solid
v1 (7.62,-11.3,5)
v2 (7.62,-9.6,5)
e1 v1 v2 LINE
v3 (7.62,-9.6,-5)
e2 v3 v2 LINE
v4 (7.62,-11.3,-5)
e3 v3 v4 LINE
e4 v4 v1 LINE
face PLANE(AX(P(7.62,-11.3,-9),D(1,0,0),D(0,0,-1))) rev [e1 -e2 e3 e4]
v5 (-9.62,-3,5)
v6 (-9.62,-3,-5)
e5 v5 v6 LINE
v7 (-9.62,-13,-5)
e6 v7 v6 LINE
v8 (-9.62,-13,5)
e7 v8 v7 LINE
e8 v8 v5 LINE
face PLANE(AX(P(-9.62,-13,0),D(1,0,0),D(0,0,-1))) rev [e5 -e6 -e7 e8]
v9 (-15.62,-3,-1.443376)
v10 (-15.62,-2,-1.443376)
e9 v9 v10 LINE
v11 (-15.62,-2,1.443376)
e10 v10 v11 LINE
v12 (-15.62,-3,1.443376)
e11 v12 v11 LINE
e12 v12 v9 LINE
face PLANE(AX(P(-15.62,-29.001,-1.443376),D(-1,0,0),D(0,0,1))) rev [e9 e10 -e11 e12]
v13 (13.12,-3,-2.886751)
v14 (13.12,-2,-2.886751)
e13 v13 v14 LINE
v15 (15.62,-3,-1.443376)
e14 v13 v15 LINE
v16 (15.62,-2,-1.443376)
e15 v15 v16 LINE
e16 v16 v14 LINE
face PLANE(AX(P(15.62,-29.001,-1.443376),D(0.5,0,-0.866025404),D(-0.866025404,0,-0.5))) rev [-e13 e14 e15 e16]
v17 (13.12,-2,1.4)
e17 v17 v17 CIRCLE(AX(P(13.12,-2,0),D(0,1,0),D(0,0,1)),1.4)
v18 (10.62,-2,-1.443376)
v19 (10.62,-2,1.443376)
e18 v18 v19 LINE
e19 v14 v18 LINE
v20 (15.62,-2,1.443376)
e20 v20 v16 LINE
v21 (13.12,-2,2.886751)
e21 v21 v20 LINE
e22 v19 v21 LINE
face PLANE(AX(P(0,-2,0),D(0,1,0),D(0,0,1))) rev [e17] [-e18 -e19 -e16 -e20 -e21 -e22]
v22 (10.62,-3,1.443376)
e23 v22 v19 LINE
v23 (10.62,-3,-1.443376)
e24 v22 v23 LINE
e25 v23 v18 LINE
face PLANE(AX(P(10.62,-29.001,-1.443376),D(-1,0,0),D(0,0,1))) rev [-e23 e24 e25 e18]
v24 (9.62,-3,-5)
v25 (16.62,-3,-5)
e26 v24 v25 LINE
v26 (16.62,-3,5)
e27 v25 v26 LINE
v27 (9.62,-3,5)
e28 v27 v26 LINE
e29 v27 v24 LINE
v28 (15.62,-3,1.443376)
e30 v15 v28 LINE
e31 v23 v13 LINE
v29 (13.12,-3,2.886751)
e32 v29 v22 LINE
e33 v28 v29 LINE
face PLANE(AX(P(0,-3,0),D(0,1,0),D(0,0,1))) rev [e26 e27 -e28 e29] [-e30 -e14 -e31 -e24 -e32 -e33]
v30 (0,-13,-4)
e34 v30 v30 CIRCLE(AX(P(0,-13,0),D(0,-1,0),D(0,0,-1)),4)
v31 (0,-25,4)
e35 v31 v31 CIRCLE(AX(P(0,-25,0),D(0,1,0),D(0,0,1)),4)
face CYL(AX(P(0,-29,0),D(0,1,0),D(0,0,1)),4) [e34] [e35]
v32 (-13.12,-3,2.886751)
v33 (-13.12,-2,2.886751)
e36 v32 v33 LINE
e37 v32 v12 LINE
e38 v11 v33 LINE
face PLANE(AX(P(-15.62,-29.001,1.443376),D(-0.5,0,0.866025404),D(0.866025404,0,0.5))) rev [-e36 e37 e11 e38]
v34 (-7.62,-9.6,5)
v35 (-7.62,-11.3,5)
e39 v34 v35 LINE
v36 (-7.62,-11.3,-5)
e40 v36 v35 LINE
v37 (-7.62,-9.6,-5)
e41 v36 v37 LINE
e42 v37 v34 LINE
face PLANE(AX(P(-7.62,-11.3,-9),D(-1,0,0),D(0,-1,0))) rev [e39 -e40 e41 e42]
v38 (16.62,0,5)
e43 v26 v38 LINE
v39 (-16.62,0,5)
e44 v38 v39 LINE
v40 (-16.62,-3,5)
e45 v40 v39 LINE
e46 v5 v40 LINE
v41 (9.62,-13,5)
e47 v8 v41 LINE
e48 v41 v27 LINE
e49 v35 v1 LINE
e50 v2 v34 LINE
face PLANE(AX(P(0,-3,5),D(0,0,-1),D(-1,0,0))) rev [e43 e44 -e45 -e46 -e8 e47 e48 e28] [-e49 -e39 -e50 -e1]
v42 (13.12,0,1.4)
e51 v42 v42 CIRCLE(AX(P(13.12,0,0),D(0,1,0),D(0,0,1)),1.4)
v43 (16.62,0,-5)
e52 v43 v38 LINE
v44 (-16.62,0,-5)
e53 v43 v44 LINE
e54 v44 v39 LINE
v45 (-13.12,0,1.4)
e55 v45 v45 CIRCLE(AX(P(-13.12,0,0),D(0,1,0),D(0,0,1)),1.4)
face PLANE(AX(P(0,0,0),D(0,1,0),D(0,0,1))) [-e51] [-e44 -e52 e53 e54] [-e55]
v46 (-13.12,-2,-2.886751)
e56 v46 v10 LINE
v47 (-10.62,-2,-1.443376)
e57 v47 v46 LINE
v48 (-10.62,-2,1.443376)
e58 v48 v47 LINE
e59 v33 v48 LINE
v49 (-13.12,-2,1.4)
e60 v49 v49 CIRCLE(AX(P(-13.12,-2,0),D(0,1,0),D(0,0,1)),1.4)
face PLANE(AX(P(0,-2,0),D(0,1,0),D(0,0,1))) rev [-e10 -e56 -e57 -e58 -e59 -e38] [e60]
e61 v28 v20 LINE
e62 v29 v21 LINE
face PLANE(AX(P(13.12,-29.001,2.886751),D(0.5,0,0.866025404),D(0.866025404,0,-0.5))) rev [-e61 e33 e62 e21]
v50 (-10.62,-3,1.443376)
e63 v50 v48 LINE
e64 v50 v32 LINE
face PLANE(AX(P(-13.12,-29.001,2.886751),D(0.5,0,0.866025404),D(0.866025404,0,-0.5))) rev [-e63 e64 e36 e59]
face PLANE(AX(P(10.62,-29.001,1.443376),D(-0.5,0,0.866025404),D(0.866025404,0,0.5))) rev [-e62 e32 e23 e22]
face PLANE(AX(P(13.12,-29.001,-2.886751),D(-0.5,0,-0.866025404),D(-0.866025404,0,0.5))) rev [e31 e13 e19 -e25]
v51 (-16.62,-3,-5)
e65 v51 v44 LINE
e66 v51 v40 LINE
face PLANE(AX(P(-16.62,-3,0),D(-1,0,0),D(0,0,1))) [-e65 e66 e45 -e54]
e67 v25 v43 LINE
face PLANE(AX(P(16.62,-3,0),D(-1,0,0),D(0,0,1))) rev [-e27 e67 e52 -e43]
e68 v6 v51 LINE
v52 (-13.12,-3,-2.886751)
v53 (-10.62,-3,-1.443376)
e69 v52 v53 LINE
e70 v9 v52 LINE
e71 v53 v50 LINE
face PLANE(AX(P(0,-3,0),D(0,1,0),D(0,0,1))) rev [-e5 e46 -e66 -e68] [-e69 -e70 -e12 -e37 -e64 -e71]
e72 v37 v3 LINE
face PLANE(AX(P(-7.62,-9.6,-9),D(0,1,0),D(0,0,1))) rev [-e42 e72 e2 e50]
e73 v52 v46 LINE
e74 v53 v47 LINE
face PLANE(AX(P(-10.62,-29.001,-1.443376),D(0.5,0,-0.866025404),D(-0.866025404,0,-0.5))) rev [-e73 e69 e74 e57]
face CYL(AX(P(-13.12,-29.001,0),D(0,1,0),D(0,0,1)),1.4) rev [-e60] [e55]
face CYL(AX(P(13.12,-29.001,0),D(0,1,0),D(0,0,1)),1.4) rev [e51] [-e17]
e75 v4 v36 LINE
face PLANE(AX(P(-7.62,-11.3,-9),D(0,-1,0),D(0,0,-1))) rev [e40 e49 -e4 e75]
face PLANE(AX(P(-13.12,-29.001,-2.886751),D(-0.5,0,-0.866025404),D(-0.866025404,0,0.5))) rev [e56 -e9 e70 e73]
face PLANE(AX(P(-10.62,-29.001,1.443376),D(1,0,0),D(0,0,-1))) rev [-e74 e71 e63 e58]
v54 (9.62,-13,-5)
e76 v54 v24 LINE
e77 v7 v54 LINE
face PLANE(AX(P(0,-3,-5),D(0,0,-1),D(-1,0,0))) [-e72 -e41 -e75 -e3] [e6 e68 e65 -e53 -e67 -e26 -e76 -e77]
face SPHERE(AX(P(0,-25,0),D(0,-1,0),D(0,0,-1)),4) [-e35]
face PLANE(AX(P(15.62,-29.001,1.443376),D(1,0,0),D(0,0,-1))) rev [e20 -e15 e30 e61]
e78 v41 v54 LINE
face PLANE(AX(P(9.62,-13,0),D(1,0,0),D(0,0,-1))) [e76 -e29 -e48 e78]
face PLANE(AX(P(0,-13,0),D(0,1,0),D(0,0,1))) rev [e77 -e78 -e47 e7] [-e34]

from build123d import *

# Parameters (mm, degrees)
SKETCH1_W             = 7
SKETCH1_H             = 10
BOSS_EXTRUDE1_DEPTH   = 3
BOSS_EXTRUDE1_2_DEPTH = 3
SKETCH1_4_W           = 19.24
SKETCH1_4_H           = 10
BOSS_EXTRUDE2_DEPTH   = 13
SKETCH2_W             = 15.24
SKETCH2_H             = 1.7
CUT_EXTRUDE1_DEPTH    = 14
SKETCH3_R             = 4
BOSS_EXTRUDE3_DEPTH   = 16
FILLET1_R             = 4
CUT_EXTRUDE2_REACH    = 35.797
SKETCH4_R             = 1.4
CUT_EXTRUDE3_REACH    = 37.797
CUT_EXTRUDE3_START    = -2
SKETCH4_3_R           = 1.4


with BuildPart() as part:
    # Sketch1 → Boss-Extrude1 (new body)
    with BuildSketch(Plane(origin=(0, 0, 0), x_dir=(1, 0, 0), z_dir=(0, 1, 0))):
        with Locations((-13.12, 0)):
            Rectangle(SKETCH1_W, SKETCH1_H)
    extrude(amount=-BOSS_EXTRUDE1_DEPTH)



with BuildPart() as body_2:
    # Sketch1 → Boss-Extrude1 2 (new body)
    with BuildSketch(Plane(origin=(0, 0, 0), x_dir=(1, 0, 0), z_dir=(0, 1, 0))):
        with Locations((13.12, 0)):
            Rectangle(SKETCH1_W, SKETCH1_H)
    extrude(amount=-BOSS_EXTRUDE1_2_DEPTH)


with BuildPart() as part_1:
    add(part.part)

    add(body_2.part)  # Boss-Extrude2 merges body 2
    # Sketch1<4> → Boss-Extrude2 (add)
    with BuildSketch(Plane(origin=(0, 0, 0), x_dir=(1, 0, 0), z_dir=(0, 1, 0))):
        Rectangle(SKETCH1_4_W, SKETCH1_4_H)
    extrude(amount=-BOSS_EXTRUDE2_DEPTH)

    # Sketch2 → Cut-Extrude1 (cut)
    with BuildSketch(Plane.XY.offset(5)):
        with Locations((0, -10.45)):
            Rectangle(SKETCH2_W, SKETCH2_H)
    extrude(amount=-CUT_EXTRUDE1_DEPTH, mode=Mode.SUBTRACT)

    # Sketch3 → Boss-Extrude3 (add)
    with BuildSketch(Plane.XZ.offset(13)):
        Circle(SKETCH3_R)
    extrude(amount=BOSS_EXTRUDE3_DEPTH)

    # Fillet1
    fillet1_edges = [part_1.edges().sort_by_distance(p)[0] for p in [
        (-4, -29, 0),
    ]]
    fillet(fillet1_edges, radius=FILLET1_R)

    # Sketch4 → Cut-Extrude2 (cut, up to next)
    with BuildSketch(Plane(origin=(0, 0, 0), x_dir=(1, 0, 0), z_dir=(0, 1, 0)), mode=Mode.PRIVATE) as cut_extrude2_sk1:
        with Locations((-13.12, 0)):
            Circle(SKETCH4_R)
    cut_extrude2_tool1 = extrude(cut_extrude2_sk1.sketch, amount=-CUT_EXTRUDE2_REACH, mode=Mode.PRIVATE) & part_1.part
    # Sketch4 → Cut-Extrude2 (cut, up to next)
    with BuildSketch(Plane(origin=(0, 0, 0), x_dir=(1, 0, 0), z_dir=(0, 1, 0)), mode=Mode.PRIVATE) as cut_extrude2_sk2:
        with Locations((13.12, 0)):
            Circle(SKETCH4_R)
    cut_extrude2_tool2 = extrude(cut_extrude2_sk2.sketch, amount=-CUT_EXTRUDE2_REACH, mode=Mode.PRIVATE) & part_1.part
    add(cut_extrude2_tool1.solids().sort_by_distance((-13.12, 0, 0))[0], mode=Mode.SUBTRACT)
    add(cut_extrude2_tool2.solids().sort_by_distance((13.12, 0, 0))[0], mode=Mode.SUBTRACT)

    # Sketch4<3> → Cut-Extrude3 (cut, up to next)
    with BuildSketch(Plane(origin=(0, 0, 0), x_dir=(1, 0, 0), z_dir=(0, 1, 0)).offset(CUT_EXTRUDE3_START), mode=Mode.PRIVATE) as cut_extrude3_sk1:
        Polygon((-15.62, 1.443375673), (-15.62, -1.443375673), (-13.12, -2.886751346), (-10.62, -1.443375673), (-10.62, 1.443375673), (-13.12, 2.886751346), align=None)
        with Locations((-13.12, 0)):
            Circle(SKETCH4_3_R, mode=Mode.SUBTRACT)
    cut_extrude3_tool1 = extrude(cut_extrude3_sk1.sketch, amount=-CUT_EXTRUDE3_REACH, mode=Mode.PRIVATE) & part_1.part
    # Sketch4<3> → Cut-Extrude3 (cut, up to next)
    with BuildSketch(Plane(origin=(0, 0, 0), x_dir=(1, 0, 0), z_dir=(0, 1, 0)).offset(CUT_EXTRUDE3_START), mode=Mode.PRIVATE) as cut_extrude3_sk2:
        Polygon((10.62, 1.443375673), (10.62, -1.443375673), (13.12, -2.886751346), (15.62, -1.443375673), (15.62, 1.443375673), (13.12, 2.886751346), align=None)
        with Locations((13.12, 0)):
            Circle(SKETCH4_3_R, mode=Mode.SUBTRACT)
    cut_extrude3_tool2 = extrude(cut_extrude3_sk2.sketch, amount=-CUT_EXTRUDE3_REACH, mode=Mode.PRIVATE) & part_1.part
    add(cut_extrude3_tool1.solids().sort_by_distance((-15.543624, -2, 0))[0], mode=Mode.SUBTRACT)
    add(cut_extrude3_tool2.solids().sort_by_distance((10.696376, -2, 0))[0], mode=Mode.SUBTRACT)


solid = part_1.part
